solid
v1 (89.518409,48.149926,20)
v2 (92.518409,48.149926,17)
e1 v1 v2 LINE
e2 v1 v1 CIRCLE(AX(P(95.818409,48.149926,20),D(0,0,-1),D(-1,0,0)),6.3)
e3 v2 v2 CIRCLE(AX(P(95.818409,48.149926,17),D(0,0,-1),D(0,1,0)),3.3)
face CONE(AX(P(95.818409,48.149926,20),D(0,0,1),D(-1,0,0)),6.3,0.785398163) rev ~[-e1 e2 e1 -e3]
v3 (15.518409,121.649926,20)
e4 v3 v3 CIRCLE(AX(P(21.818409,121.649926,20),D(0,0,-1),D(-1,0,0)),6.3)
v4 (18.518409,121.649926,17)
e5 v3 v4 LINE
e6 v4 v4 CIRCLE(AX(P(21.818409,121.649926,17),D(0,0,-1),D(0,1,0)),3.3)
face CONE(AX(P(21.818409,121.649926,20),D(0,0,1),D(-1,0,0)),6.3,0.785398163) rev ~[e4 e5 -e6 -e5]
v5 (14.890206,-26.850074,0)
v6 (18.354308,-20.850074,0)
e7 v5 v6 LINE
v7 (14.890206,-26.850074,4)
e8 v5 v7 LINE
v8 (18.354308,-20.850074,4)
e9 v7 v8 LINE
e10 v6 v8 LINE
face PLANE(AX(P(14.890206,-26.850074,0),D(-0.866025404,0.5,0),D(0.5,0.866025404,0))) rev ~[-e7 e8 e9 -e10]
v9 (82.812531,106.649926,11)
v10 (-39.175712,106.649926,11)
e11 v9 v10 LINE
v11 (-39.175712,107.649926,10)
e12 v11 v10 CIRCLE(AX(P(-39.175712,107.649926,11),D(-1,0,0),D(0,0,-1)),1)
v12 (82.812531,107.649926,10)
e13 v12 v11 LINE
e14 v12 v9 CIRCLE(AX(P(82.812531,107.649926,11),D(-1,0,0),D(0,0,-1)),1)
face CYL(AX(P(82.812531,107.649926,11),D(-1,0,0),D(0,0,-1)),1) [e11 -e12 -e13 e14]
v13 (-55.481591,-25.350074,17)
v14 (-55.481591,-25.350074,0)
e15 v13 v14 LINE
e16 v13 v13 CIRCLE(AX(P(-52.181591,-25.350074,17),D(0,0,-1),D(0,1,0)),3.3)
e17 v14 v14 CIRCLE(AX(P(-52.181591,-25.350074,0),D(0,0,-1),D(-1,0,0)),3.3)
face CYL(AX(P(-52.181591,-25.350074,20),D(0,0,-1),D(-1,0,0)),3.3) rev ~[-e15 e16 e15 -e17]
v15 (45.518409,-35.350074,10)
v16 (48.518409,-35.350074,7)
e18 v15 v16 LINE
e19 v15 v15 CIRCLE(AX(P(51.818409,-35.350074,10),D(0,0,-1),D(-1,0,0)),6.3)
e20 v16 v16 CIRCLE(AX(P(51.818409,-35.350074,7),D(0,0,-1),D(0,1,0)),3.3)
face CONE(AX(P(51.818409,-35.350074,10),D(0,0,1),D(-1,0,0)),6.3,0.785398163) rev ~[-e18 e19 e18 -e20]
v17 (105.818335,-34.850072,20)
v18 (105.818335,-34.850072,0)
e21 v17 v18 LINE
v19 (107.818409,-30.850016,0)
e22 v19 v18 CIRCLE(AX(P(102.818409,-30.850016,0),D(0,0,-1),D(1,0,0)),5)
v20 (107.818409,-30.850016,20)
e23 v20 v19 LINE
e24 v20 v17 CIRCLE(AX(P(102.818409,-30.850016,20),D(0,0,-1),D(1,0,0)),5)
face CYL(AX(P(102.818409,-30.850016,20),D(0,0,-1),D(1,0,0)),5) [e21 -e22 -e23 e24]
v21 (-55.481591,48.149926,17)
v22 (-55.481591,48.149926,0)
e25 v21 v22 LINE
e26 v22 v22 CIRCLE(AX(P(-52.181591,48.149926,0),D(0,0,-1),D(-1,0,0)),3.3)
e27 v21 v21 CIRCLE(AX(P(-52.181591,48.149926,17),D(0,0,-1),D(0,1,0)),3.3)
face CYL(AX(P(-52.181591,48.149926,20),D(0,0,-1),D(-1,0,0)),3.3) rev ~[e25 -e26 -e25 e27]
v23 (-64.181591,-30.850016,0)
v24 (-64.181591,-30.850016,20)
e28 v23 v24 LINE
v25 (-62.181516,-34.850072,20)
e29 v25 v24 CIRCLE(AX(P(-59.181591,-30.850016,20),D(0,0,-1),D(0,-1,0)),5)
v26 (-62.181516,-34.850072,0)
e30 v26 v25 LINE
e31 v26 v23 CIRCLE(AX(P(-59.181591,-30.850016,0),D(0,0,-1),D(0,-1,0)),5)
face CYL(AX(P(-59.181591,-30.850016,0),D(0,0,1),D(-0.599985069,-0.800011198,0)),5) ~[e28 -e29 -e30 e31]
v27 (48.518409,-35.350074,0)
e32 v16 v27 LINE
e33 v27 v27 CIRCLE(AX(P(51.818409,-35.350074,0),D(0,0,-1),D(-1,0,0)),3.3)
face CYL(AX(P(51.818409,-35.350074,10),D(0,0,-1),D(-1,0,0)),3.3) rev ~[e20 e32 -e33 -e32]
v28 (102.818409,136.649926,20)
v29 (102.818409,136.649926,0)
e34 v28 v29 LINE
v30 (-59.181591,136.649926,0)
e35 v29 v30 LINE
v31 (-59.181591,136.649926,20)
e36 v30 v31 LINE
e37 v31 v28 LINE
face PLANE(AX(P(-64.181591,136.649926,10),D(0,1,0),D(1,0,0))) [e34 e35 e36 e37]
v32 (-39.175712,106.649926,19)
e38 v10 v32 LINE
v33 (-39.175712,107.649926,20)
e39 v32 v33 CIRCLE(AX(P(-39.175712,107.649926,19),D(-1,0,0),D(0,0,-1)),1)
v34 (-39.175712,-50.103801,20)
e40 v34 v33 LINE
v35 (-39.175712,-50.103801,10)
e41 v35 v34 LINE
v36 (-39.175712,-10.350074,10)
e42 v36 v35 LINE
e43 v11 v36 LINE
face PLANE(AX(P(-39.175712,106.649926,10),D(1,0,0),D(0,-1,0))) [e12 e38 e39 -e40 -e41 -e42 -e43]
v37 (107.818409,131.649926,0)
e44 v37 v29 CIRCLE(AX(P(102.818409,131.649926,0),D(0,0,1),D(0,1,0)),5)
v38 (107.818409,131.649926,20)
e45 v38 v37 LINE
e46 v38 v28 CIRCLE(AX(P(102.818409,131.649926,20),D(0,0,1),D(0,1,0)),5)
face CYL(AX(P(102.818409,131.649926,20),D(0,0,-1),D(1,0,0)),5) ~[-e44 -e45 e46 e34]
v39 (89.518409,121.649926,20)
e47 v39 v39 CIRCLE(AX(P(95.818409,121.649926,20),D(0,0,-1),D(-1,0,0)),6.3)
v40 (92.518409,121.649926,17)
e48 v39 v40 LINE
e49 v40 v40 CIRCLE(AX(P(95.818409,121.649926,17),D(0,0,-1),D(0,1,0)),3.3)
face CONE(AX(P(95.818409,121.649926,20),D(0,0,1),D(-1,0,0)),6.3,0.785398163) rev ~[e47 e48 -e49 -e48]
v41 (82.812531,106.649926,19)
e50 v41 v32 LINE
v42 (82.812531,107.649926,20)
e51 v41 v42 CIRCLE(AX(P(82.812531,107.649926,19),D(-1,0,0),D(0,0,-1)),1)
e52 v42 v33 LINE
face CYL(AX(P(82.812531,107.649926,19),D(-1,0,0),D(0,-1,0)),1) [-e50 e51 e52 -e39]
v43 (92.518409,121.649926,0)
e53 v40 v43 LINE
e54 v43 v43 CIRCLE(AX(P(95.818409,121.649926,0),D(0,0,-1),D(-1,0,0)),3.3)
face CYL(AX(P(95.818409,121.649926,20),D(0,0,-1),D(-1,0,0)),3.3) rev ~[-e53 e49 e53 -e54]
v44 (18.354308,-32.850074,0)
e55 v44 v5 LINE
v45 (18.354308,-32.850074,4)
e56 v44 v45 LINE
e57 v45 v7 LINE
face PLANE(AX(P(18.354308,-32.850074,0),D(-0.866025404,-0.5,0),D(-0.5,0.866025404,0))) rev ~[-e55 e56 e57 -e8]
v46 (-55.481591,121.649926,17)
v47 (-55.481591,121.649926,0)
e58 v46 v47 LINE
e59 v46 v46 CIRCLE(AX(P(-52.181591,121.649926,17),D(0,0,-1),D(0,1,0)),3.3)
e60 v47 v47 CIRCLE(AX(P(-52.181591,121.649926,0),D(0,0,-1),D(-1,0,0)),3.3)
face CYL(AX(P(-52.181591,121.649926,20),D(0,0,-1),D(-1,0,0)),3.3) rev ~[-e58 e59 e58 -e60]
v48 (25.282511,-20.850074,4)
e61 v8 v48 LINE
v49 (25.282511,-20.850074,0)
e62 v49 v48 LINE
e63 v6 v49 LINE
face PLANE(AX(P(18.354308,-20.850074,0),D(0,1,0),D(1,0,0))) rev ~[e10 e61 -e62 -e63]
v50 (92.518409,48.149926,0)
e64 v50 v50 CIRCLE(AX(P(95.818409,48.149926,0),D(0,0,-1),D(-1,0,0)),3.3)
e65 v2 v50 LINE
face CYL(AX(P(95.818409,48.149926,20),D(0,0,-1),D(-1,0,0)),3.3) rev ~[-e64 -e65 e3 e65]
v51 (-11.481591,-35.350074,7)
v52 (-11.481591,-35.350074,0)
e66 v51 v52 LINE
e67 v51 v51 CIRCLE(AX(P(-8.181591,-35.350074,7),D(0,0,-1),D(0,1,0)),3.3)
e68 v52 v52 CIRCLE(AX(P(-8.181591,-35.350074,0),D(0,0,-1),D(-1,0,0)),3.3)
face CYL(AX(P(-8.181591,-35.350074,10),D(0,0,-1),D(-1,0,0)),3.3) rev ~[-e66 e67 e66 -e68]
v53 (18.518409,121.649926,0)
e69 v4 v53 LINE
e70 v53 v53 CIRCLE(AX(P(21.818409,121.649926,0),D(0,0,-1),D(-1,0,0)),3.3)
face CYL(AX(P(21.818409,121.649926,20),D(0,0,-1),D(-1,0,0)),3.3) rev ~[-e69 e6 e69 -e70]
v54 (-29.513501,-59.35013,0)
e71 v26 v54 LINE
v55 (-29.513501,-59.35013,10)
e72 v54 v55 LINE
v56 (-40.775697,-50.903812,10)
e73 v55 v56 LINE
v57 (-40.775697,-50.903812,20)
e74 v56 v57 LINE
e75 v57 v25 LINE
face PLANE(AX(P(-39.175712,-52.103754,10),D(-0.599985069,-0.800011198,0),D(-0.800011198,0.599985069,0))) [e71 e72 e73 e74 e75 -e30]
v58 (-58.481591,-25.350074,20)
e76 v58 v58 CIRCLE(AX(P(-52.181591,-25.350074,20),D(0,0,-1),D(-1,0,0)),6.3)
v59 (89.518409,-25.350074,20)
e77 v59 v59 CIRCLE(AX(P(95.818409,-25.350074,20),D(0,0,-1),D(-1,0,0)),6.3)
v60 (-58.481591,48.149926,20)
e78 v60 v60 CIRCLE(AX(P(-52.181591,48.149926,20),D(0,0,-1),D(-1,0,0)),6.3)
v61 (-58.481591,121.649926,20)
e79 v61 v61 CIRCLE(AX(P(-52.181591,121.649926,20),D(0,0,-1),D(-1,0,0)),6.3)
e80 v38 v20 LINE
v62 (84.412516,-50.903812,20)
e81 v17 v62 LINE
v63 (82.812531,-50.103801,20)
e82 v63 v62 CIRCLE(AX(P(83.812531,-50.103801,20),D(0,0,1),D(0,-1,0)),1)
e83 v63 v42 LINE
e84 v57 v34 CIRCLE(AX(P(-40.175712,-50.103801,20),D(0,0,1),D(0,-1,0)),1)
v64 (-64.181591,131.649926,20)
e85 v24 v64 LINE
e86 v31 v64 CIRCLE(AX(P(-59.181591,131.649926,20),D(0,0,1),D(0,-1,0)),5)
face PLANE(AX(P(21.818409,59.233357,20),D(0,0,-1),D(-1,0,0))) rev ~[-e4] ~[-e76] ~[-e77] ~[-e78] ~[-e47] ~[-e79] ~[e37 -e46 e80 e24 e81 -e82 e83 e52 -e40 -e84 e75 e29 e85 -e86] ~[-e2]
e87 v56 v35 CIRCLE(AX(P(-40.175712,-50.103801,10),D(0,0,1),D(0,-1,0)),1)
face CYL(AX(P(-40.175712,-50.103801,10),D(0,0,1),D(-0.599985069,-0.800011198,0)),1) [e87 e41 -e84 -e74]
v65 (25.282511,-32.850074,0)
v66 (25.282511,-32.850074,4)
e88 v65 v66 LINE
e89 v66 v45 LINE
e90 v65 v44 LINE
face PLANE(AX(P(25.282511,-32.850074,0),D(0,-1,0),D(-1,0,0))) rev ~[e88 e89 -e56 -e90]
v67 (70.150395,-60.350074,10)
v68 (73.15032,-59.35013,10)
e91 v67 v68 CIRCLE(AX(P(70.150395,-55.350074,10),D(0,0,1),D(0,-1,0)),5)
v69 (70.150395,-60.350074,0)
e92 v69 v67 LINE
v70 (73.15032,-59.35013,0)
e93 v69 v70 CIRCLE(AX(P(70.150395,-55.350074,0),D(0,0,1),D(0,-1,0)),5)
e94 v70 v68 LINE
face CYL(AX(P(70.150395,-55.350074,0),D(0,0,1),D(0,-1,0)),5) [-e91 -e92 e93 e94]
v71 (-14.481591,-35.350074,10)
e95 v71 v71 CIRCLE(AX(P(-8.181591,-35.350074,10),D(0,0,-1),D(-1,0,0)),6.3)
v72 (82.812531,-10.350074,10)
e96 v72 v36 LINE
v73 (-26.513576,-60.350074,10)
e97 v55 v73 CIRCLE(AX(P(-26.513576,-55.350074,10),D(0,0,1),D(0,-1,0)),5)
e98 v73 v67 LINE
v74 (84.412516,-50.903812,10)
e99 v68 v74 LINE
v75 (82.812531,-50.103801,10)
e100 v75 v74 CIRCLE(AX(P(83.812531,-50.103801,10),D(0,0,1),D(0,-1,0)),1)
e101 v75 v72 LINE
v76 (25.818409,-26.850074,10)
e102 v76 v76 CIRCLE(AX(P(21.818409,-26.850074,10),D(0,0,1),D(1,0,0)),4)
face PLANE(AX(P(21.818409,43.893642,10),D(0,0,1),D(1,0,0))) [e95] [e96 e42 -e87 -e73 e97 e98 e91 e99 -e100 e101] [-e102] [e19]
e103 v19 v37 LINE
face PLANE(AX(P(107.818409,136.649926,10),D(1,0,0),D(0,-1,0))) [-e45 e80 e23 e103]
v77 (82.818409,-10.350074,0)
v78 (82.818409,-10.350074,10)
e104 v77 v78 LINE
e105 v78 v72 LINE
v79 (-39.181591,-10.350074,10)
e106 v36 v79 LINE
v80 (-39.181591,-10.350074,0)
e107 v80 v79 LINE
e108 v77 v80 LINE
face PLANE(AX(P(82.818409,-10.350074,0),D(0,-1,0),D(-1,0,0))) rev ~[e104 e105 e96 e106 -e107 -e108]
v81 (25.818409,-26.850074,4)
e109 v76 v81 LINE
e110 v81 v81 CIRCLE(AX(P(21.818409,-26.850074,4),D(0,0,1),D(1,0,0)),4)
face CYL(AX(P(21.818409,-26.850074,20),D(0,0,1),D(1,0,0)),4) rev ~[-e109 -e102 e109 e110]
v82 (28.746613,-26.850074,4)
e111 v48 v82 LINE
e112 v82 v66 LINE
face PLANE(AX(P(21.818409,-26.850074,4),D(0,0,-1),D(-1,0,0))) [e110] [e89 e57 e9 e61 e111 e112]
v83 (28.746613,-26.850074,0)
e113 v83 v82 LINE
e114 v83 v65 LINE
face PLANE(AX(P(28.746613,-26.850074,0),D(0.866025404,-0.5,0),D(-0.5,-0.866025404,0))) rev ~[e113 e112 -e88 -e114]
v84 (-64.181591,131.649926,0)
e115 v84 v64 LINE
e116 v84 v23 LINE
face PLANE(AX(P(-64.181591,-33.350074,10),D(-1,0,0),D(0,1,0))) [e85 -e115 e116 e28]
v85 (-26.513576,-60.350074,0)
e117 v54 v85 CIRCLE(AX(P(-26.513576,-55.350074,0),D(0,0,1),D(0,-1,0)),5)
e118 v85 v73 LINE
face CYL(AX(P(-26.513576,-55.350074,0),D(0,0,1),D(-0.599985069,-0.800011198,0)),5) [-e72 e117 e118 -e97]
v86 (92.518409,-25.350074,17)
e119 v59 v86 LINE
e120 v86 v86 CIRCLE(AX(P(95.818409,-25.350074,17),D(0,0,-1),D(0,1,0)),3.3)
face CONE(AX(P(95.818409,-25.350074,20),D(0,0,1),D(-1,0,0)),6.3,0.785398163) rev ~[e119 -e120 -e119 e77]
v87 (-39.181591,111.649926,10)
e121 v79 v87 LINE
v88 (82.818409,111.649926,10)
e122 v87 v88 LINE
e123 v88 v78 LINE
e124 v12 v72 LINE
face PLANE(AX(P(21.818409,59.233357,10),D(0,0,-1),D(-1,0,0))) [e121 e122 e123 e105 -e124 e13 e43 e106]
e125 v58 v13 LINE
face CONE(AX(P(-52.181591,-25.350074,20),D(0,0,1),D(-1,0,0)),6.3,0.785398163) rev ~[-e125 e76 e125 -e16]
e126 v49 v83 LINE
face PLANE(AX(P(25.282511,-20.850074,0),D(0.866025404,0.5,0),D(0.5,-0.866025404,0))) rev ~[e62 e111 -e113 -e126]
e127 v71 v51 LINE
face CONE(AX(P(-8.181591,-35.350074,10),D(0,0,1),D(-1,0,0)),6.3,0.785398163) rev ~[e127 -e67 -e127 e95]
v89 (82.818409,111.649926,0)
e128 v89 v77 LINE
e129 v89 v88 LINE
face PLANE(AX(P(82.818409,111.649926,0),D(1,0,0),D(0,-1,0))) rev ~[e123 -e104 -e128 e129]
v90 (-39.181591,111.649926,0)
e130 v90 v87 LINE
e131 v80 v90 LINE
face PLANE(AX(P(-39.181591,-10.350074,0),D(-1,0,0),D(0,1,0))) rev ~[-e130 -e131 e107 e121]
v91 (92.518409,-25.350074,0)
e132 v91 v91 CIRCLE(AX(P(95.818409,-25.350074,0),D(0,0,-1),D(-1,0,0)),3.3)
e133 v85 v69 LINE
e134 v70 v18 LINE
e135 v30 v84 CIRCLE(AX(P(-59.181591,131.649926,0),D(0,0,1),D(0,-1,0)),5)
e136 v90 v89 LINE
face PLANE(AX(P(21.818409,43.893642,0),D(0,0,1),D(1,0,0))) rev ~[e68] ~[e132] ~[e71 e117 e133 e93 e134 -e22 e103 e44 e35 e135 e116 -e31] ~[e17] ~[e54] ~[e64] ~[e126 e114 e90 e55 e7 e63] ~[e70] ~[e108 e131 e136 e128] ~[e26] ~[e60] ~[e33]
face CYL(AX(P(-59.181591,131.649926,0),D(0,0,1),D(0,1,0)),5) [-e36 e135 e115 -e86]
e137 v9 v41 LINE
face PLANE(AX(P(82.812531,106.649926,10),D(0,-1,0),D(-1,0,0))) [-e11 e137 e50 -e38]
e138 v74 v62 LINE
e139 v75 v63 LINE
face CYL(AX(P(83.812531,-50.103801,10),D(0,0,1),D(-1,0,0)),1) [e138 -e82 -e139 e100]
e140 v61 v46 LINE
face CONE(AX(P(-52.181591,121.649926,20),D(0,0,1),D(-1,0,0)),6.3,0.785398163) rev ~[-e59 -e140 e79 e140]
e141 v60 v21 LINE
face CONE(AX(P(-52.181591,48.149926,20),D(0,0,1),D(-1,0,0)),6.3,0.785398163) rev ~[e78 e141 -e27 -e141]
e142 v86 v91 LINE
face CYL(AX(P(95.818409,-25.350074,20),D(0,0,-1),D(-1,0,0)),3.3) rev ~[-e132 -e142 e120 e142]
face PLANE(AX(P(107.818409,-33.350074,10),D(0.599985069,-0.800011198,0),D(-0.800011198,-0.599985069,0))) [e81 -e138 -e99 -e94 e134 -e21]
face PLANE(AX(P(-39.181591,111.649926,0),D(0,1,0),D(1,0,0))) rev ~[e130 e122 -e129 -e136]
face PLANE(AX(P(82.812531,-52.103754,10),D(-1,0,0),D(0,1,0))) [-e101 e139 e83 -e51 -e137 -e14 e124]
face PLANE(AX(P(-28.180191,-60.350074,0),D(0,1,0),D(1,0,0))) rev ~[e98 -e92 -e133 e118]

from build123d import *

# Parameters (mm, degrees)
BOSS_EXTRUDE1_DEPTH                                 = 10
BOSS_EXTRUDE2_DEPTH                                 = 10
FILLET1_R                                           = 1
FILLET2_R                                           = 4.999999999999999
FILLET3_R                                           = 1
SKETCH4_R                                           = 3.0000000000000018
SKETCH4_R_2                                         = 3.0000000000000027
SKETCH4_R_3                                         = 2.9999999999999862
SKETCH4_R_4                                         = 3.0000000000000266
SKETCH4_R_5                                         = 2.9999999999999947
SKETCH4_R_6                                         = 3.0000000000000044
SKETCH4_R_7                                         = 3.999999999999999
CUT_EXTRUDE1_DEPTH                                  = 20
CSK_FOR_M6_COUNTERSUNK_FLAT_HEAD_SCREW1_D           = 6.6
CSK_FOR_M6_COUNTERSUNK_FLAT_HEAD_SCREW1_CSINK_D     = 12.6
CSK_FOR_M6_COUNTERSUNK_FLAT_HEAD_SCREW1_CSINK_ANGLE = 90
CSK_FOR_M6_COUNTERSUNK_FLAT_HEAD_SCR_2_D            = 6.6
CSK_FOR_M6_COUNTERSUNK_FLAT_HEAD_SCR_2_CSINK_D      = 12.6
CSK_FOR_M6_COUNTERSUNK_FLAT_HEAD_SCR_2_CSINK_ANGLE  = 90
CUT_EXTRUDE2_DEPTH                                  = 4


with BuildPart() as part:
    # Sketch1 → Boss-Extrude1 (new body)
    with BuildSketch(Plane.XY):
        Polygon((-64.18159055149353, 136.6499257706783), (-64.18159055149351, -33.350074229321706), (-28.18019077559496, -60.35007422932169), (71.81700967260791, -60.35007422932168), (107.81840944850644, -33.350074229321706), (107.81840944850646, 136.64992577067832), align=None)
        Polygon((82.81840944850644, 111.64992577067832), (82.81840944850646, -10.350074229321688), (-39.18159055149353, -10.350074229321688), (-39.181590551493535, 111.64992577067831), align=None, mode=Mode.SUBTRACT)
    extrude(amount=BOSS_EXTRUDE1_DEPTH)

    # Sketch2 → Boss-Extrude2 (add)
    with BuildSketch(Plane.XY.offset(10)):
        Polygon((-64.18159055149353, 136.6499257706783), (107.81840944850646, 136.6499257706783), (107.8184094485065, -33.350074229321685), (82.81253069213544, -52.103754103569464), (82.81253069213545, 106.64992577067831), (-39.17571179512253, 106.64992577067831), (-39.17571179512251, -52.103754103569464), (-64.18159055149351, -33.350074229321706), align=None)
    extrude(amount=BOSS_EXTRUDE2_DEPTH)

    # Fillet1
    fillet1_edges = [part.edges().sort_by_distance(p)[0] for p in [
        (21.818409448506458, 106.64992577067831, 10),
        (21.818409448506458, 106.64992577067831, 20),
    ]]
    fillet(fillet1_edges, radius=FILLET1_R)

    # Fillet2
    fillet2_edges = [part.edges().sort_by_distance(p)[0] for p in [
        (-28.18019077559496, -60.35007422932169, 5),
        (-64.18159055149351, -33.350074229321706, 10),
        (-64.18159055149353, 136.6499257706783, 10),
        (71.81700967260791, -60.35007422932168, 5),
        (107.81840944850647, -33.35007422932169, 10),
        (107.81840944850646, 136.6499257706783, 10),
    ]]
    fillet(fillet2_edges, radius=FILLET2_R)

    # Fillet3
    fillet3_edges = [part.edges().sort_by_distance(p)[0] for p in [
        (82.81253069213544, -52.103754103569464, 15),
        (-39.17571179512251, -52.103754103569464, 15),
    ]]
    fillet(fillet3_edges, radius=FILLET3_R)

    # Sketch4 → Cut-Extrude1 (cut)
    with BuildSketch(Plane.XY.offset(20)):
        with Locations((-52.18159055149353, 121.64992577067831)):
            Circle(SKETCH4_R)
        with Locations((-52.18159055149302, -25.350074229321695)):
            Circle(SKETCH4_R)
        with Locations((-52.181590551493514, 48.14992577067831)):
            Circle(SKETCH4_R)
        with Locations((-8.181590551493347, -35.350074229321685)):
            Circle(SKETCH4_R_2)
        with Locations((51.81840944850665, -35.35007422932168)):
            Circle(SKETCH4_R_3)
        with Locations((95.81840944850728, 48.149925770678834)):
            Circle(SKETCH4_R_4)
        with Locations((95.81840944850728, -25.350074229321194)):
            Circle(SKETCH4_R_5)
        with Locations((95.81840944850677, 121.64992577067882)):
            Circle(SKETCH4_R_6)
        with Locations((21.818409448506646, -26.850074229321688)):
            Circle(SKETCH4_R_7)
        with Locations((21.818409448506618, 121.64992577067856)):
            Circle(SKETCH4_R)
    extrude(amount=-CUT_EXTRUDE1_DEPTH, mode=Mode.SUBTRACT)

    # CSK for M6 Countersunk Flat Head Screw1 (through all)
    with Locations(Plane(origin=(-52.181590551, 121.649925771, 20), x_dir=(1, 0, 0), z_dir=(0, 0, 1))):
        with Locations((0, 0), (0, -73.5), (0, -147), (148, -147), (148, -73.5), (148, 0), (74, 0)):
            CounterSinkHole(CSK_FOR_M6_COUNTERSUNK_FLAT_HEAD_SCREW1_D / 2, CSK_FOR_M6_COUNTERSUNK_FLAT_HEAD_SCREW1_CSINK_D / 2, counter_sink_angle=CSK_FOR_M6_COUNTERSUNK_FLAT_HEAD_SCREW1_CSINK_ANGLE)

    # CSK for M6 Countersunk Flat Head Scr 2 (through all)
    with Locations(Plane(origin=(-8.181590551, -35.350074229, 10), x_dir=(1, 0, 0), z_dir=(0, 0, 1))):
        with Locations((0, 0), (60, 0)):
            CounterSinkHole(CSK_FOR_M6_COUNTERSUNK_FLAT_HEAD_SCR_2_D / 2, CSK_FOR_M6_COUNTERSUNK_FLAT_HEAD_SCR_2_CSINK_D / 2, counter_sink_angle=CSK_FOR_M6_COUNTERSUNK_FLAT_HEAD_SCR_2_CSINK_ANGLE)

    # Sketch6 → Cut-Extrude2 (cut)
    with BuildSketch(Plane(origin=(0, 0, 0), x_dir=(-1, 0, 0), z_dir=(0, 0, -1))):
        Polygon((-14.890206218231118, -26.850074229321667), (-18.354307833368882, -20.850074229321656), (-25.282511063644392, -20.850074229321656), (-28.74661267878215, -26.850074229321656), (-25.282511063644392, -32.850074229321656), (-18.354307833368868, -32.850074229321656), align=None)
    extrude(amount=-CUT_EXTRUDE2_DEPTH, mode=Mode.SUBTRACT)


solid = part.part
